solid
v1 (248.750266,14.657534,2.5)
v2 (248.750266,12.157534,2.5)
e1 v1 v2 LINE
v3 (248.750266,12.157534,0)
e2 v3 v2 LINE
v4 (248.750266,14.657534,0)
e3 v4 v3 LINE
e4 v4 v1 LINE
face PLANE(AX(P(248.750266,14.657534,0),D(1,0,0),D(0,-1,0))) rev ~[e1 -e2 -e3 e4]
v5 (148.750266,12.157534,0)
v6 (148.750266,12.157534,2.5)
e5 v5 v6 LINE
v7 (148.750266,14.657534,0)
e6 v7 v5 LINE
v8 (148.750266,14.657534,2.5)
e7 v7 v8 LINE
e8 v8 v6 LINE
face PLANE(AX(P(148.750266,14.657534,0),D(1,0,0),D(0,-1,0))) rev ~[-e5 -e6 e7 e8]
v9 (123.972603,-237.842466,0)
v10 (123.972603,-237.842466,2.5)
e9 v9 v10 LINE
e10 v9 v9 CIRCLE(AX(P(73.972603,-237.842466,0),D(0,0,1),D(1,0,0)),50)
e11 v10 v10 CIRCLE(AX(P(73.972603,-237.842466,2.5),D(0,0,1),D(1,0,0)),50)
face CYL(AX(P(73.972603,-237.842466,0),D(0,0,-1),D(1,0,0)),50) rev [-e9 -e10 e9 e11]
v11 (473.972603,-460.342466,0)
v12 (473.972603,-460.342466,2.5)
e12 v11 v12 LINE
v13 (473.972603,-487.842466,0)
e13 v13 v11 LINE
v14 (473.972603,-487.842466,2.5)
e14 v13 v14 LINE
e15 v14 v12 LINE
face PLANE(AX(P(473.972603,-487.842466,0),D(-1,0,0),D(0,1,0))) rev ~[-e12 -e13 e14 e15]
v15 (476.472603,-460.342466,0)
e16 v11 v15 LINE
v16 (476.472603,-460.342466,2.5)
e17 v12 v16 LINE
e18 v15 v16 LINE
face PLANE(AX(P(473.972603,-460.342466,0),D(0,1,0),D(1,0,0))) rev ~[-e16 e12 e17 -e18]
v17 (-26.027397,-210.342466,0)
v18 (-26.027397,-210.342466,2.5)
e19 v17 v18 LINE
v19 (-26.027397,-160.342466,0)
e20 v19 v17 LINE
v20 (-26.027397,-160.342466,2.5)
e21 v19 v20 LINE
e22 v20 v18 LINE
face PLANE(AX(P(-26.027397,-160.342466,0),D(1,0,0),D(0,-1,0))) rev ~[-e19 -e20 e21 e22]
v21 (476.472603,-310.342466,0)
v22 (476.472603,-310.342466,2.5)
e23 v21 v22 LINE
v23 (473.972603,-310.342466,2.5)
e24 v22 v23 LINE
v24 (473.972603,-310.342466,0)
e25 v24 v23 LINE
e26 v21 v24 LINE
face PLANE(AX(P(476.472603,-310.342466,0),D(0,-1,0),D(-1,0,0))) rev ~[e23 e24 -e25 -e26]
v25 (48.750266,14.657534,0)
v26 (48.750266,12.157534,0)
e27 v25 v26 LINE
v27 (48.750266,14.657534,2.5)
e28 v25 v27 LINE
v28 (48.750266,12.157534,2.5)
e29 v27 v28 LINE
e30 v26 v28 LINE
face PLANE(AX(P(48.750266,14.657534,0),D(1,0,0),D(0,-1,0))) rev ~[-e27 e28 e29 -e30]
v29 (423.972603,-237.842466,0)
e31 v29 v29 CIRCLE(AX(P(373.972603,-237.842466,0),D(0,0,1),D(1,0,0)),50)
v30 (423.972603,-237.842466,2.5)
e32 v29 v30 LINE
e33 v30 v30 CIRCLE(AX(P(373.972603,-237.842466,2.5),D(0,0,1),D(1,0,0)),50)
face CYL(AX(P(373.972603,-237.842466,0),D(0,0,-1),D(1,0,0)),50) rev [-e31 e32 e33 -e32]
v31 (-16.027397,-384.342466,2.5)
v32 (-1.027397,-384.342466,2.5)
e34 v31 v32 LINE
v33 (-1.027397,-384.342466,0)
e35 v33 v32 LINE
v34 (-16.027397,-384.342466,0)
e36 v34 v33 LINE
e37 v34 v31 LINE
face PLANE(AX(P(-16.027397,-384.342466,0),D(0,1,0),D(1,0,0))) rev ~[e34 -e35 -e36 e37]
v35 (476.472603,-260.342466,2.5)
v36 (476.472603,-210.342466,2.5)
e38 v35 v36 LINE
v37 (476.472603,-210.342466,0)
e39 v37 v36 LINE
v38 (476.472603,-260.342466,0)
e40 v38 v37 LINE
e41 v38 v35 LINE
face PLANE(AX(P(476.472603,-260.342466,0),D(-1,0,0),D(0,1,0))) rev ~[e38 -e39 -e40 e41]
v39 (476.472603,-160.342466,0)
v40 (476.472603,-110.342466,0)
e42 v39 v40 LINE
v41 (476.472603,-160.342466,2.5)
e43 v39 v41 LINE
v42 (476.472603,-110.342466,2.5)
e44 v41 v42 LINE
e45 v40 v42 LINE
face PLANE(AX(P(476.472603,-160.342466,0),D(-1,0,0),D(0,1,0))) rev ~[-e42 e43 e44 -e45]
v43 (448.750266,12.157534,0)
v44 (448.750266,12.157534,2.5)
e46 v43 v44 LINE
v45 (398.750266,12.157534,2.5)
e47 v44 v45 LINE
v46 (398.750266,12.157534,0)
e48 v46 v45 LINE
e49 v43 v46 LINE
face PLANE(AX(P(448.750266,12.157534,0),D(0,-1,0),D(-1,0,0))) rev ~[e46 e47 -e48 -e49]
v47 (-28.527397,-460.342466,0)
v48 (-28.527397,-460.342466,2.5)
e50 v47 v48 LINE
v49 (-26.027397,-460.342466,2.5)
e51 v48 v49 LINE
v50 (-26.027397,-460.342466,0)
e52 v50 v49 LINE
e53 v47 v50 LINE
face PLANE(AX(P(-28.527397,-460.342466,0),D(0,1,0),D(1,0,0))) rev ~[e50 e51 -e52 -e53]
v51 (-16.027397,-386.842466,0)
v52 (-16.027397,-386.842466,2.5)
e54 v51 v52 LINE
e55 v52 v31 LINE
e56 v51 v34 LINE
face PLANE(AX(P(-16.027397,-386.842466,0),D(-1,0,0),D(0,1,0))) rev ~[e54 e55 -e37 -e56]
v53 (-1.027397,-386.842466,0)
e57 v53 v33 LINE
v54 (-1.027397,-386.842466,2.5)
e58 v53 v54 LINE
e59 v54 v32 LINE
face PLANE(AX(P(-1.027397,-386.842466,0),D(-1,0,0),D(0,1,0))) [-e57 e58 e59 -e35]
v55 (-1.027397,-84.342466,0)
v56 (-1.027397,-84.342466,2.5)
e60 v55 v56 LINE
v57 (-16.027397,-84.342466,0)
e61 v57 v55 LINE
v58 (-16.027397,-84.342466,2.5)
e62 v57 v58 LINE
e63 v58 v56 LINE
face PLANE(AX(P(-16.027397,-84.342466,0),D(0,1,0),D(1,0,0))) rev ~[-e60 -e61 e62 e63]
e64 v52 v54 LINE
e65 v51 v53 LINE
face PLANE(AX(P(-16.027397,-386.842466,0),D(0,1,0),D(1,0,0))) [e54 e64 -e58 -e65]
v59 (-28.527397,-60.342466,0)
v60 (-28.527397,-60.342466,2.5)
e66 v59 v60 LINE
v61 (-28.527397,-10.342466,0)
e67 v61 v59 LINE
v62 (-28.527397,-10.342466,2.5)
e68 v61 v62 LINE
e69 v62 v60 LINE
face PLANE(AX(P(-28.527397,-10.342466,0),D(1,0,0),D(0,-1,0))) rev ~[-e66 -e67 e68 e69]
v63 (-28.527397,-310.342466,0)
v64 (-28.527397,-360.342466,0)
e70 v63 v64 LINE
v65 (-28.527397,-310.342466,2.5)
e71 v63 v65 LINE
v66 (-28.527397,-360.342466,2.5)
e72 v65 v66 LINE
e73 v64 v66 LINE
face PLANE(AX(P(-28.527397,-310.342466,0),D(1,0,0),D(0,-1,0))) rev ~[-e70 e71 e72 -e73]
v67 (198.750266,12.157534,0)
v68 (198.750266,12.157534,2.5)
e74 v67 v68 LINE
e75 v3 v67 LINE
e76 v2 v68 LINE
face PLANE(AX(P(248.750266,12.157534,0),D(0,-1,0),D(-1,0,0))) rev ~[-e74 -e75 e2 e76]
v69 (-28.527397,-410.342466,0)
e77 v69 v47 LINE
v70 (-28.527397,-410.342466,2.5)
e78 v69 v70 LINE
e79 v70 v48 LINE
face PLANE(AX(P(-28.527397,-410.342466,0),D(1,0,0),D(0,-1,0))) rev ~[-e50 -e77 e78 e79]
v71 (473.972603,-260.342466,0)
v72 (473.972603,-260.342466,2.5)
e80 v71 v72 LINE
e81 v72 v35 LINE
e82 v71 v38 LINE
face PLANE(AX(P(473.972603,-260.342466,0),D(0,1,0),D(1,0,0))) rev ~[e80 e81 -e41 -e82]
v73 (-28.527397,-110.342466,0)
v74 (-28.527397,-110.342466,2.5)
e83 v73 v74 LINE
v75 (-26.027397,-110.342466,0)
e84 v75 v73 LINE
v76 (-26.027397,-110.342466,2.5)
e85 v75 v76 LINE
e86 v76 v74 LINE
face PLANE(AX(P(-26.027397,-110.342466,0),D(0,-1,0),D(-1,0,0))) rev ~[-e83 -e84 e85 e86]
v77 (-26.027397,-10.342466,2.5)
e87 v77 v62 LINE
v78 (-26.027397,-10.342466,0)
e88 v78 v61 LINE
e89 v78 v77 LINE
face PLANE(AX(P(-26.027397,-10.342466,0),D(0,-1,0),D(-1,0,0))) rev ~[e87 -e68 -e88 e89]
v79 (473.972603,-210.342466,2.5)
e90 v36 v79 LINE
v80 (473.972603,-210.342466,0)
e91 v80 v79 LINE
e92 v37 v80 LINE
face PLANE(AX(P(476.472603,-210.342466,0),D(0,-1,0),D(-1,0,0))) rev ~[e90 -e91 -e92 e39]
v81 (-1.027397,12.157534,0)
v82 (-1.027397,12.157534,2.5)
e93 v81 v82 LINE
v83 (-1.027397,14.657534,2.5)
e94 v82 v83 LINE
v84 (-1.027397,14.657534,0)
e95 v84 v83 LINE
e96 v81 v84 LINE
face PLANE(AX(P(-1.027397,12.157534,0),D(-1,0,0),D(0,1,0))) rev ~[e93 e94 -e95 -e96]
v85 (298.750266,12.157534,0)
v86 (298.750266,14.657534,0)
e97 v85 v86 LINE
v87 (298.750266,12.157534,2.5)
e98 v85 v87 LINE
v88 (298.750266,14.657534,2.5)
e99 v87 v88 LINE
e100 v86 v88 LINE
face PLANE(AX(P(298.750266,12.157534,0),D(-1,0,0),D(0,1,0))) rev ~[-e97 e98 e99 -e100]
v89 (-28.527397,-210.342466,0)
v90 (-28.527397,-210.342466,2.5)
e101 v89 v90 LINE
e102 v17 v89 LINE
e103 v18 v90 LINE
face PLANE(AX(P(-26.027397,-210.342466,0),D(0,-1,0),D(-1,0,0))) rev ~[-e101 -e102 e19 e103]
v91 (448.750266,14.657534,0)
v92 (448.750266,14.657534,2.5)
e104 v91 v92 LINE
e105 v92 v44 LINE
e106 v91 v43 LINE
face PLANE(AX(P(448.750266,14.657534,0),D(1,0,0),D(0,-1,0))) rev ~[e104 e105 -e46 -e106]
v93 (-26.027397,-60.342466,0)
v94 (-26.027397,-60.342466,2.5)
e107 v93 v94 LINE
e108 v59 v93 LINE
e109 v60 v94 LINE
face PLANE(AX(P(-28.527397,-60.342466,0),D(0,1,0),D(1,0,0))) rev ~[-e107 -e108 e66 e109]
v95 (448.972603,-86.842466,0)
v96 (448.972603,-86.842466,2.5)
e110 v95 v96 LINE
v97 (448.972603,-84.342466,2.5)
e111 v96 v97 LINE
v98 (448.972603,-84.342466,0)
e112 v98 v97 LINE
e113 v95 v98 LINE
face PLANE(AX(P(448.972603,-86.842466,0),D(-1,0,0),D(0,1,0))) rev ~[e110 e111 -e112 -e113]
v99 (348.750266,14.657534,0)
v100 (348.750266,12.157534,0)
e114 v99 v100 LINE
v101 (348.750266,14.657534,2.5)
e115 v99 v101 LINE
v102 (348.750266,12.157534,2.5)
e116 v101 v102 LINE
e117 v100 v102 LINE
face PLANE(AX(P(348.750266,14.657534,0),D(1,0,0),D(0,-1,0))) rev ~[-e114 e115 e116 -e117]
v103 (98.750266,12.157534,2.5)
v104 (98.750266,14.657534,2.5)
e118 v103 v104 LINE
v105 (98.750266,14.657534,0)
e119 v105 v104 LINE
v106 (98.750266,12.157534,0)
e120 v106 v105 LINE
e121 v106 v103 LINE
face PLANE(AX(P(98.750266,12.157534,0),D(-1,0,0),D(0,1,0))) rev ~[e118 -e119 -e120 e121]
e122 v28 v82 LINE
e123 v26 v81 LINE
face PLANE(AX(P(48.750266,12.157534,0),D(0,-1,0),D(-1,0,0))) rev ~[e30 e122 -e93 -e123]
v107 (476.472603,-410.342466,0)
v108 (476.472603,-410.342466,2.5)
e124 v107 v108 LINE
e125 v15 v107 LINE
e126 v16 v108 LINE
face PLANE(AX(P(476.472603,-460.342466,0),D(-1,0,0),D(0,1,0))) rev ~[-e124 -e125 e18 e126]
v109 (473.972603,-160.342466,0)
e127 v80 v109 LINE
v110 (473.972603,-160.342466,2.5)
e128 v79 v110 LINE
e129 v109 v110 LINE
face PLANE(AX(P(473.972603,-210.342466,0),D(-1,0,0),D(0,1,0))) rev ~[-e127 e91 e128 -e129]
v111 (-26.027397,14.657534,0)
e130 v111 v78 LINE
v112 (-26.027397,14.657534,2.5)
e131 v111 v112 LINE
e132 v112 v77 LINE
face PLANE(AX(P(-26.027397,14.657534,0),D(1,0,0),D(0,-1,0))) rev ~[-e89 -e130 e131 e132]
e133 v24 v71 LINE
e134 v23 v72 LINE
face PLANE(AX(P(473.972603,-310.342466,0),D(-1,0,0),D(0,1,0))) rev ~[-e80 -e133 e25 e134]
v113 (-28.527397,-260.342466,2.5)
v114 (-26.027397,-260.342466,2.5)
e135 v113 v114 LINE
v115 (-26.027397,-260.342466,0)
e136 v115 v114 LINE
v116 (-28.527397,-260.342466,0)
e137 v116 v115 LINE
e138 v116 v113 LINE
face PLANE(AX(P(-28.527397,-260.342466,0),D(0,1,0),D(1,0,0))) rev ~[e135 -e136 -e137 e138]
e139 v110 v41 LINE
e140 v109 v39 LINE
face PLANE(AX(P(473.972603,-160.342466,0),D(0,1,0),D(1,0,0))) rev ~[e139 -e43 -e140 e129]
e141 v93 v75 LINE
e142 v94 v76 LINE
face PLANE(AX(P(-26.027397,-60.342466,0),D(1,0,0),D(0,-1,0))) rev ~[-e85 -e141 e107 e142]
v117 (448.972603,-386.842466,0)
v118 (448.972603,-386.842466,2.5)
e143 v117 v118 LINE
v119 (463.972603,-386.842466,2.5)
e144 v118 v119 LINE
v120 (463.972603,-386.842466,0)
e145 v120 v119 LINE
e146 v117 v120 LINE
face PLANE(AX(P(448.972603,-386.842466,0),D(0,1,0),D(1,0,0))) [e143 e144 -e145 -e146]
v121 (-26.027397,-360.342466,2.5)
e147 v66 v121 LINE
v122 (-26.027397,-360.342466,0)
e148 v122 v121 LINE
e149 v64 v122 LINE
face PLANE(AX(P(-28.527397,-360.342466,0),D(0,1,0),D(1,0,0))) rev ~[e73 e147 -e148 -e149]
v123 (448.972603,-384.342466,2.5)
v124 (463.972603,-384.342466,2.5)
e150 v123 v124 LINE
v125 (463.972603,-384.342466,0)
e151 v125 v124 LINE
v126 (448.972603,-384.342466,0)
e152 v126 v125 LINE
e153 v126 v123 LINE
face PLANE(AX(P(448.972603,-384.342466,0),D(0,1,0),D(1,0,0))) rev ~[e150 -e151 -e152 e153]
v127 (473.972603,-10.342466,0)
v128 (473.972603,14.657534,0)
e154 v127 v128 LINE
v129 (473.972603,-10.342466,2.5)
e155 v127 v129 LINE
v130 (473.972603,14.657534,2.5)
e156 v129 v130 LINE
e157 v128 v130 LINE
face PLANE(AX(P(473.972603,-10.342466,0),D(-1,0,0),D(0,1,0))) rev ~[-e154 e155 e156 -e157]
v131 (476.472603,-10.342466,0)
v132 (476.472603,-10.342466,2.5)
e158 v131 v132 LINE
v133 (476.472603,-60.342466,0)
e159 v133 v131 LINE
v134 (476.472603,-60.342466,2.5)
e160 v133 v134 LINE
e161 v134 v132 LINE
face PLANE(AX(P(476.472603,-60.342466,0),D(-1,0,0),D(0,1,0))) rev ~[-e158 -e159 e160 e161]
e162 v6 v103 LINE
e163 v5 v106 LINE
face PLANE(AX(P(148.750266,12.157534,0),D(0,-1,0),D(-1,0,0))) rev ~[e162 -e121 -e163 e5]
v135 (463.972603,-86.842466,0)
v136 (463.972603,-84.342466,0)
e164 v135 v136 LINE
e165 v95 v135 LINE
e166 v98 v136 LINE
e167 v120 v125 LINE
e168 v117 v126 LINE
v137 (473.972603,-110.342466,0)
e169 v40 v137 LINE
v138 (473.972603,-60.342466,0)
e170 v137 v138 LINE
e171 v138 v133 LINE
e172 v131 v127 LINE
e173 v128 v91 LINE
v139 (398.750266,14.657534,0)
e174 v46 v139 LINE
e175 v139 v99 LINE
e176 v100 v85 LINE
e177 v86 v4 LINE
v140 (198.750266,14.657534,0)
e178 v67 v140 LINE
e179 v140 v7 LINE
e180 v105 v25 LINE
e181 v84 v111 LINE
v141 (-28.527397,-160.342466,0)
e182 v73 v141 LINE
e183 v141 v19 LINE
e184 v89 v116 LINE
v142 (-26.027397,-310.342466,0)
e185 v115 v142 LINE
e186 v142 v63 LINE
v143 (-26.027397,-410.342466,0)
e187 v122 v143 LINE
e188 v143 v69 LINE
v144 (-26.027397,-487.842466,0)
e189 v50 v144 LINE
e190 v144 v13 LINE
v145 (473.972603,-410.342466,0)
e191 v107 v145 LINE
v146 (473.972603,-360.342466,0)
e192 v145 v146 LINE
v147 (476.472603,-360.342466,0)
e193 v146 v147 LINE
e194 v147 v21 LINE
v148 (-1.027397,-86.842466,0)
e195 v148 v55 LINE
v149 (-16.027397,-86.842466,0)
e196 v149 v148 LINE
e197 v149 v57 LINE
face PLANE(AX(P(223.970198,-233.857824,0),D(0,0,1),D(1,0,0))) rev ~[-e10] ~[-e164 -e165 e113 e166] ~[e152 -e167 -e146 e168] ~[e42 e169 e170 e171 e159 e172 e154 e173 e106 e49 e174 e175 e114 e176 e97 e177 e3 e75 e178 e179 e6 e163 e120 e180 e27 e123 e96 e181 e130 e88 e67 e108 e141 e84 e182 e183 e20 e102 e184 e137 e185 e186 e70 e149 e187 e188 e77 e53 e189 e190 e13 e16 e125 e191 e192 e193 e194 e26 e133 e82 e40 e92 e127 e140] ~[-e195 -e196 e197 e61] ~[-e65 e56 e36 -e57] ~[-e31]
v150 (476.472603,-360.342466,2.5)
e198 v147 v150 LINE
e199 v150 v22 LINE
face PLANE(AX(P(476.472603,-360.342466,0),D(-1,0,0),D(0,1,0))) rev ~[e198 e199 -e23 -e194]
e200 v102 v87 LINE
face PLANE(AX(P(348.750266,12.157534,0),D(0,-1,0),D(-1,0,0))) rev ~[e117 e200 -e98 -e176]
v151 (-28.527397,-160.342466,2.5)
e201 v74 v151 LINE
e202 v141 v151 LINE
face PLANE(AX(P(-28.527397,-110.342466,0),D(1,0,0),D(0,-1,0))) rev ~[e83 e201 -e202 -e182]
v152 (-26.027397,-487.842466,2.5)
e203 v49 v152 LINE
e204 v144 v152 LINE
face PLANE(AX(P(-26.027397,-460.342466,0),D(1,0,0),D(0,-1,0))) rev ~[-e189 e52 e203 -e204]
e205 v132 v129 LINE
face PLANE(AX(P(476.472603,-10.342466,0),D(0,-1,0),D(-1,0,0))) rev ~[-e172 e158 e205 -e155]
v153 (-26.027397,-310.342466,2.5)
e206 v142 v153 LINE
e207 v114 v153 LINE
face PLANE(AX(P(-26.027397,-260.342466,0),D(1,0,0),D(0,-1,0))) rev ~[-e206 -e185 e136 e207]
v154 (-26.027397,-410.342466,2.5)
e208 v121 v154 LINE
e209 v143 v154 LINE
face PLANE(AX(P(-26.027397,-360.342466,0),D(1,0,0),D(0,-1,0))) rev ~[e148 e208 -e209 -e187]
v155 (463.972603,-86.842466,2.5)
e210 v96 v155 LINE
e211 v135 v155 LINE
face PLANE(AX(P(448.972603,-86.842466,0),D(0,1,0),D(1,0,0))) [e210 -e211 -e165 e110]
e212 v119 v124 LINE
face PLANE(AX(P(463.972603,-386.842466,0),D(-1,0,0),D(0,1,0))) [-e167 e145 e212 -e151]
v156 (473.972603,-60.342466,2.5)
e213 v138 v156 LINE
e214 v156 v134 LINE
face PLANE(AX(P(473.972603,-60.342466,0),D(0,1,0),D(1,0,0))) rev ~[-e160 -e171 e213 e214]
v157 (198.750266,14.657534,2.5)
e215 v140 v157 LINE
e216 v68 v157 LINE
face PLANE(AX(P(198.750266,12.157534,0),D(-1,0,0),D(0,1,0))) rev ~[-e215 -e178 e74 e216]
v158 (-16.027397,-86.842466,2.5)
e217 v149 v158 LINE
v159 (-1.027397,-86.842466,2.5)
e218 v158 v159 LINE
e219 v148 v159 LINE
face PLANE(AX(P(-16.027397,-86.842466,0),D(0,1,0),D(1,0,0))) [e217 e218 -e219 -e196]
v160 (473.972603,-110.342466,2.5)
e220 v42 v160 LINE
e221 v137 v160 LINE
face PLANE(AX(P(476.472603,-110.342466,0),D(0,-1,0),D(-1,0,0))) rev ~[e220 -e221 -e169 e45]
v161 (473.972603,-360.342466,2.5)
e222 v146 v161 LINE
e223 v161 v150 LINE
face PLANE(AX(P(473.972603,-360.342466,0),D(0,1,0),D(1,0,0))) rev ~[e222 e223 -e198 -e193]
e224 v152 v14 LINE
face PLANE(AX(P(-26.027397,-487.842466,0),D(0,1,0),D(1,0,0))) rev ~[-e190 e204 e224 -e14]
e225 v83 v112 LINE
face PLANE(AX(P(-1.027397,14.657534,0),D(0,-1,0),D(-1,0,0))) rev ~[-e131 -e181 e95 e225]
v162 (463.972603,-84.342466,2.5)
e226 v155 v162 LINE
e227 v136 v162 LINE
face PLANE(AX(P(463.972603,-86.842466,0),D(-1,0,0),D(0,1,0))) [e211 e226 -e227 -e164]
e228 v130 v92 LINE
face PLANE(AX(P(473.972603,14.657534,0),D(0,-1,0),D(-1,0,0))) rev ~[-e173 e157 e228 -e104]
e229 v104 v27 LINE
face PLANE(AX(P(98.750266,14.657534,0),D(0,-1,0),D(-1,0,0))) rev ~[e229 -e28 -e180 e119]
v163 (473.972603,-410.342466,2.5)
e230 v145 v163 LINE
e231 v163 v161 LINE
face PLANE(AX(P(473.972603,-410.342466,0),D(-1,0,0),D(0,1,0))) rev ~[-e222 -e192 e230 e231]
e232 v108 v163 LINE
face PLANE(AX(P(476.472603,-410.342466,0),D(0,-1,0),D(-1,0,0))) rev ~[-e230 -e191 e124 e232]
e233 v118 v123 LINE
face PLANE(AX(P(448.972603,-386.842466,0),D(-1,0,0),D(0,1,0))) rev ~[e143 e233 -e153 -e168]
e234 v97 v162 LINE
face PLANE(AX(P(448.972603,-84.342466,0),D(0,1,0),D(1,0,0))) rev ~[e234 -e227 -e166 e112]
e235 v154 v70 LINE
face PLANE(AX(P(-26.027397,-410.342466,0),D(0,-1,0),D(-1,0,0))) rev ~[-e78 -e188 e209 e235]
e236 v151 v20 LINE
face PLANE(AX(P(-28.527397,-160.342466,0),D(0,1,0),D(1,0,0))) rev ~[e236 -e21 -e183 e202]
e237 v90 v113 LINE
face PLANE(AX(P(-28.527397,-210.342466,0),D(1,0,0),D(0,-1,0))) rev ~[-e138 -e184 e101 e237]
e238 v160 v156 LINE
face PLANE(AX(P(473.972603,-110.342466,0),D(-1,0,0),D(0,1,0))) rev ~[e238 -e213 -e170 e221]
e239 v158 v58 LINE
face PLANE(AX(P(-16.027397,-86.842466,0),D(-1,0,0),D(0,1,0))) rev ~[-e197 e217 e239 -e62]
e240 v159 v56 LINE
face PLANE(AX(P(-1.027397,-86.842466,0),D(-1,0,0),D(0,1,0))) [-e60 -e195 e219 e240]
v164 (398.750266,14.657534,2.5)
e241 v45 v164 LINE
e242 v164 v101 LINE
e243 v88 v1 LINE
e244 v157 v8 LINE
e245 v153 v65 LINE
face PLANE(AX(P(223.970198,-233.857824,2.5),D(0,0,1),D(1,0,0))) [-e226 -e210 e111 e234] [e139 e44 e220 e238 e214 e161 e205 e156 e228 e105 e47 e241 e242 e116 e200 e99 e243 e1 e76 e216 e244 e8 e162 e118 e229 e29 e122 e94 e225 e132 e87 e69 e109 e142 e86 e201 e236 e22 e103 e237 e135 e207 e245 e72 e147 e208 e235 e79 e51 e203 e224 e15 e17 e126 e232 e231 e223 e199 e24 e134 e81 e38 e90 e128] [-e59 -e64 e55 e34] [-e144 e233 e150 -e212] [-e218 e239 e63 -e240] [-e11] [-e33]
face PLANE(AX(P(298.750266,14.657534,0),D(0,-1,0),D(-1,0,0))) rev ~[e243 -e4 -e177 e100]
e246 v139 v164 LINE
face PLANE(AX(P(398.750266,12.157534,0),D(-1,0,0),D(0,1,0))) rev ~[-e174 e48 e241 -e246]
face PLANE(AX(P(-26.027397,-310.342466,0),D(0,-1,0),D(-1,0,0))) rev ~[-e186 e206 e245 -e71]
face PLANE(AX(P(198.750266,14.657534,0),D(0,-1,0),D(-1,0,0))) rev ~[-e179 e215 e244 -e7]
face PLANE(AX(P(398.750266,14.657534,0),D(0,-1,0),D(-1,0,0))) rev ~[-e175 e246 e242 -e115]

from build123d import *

# Parameters (mm, degrees)
SKETCH1_W           = 15
SKETCH1_H           = 2.5
SKETCH1_R           = 50
BOSS_EXTRUDE1_DEPTH = 2.5


with BuildPart() as part:
    # Sketch1 → Boss-Extrude1 (new body)
    with BuildSketch(Plane.XY):
        Polygon((473.97260274, -110.342465753), (473.97260274, -60.342465753), (476.47260274, -60.342465753), (476.47260274, -10.342465753), (473.97260274, -10.342465753), (473.97260274, 14.657534247), (448.750266435, 14.657534247), (448.750266435, 12.157534247), (398.750266435, 12.157534247), (398.750266435, 14.657534247), (348.750266435, 14.657534247), (348.750266435, 12.157534247), (298.750266435, 12.157534247), (298.750266435, 14.657534247), (248.750266435, 14.657534247), (248.750266435, 12.157534247), (198.750266435, 12.157534247), (198.750266435, 14.657534247), (148.750266435, 14.657534247), (148.750266435, 12.157534247), (98.750266435, 12.157534247), (98.750266435, 14.657534247), (48.750266435, 14.657534247), (48.750266435, 12.157534247), (-1.02739726, 12.157534247), (-1.02739726, 14.657534247), (-26.02739726, 14.657534247), (-26.02739726, -10.342465753), (-28.52739726, -10.342465753), (-28.52739726, -60.342465753), (-26.02739726, -60.342465753), (-26.02739726, -110.342465753), (-28.52739726, -110.342465753), (-28.52739726, -160.342465753), (-26.02739726, -160.342465753), (-26.02739726, -210.342465753), (-28.52739726, -210.342465753), (-28.52739726, -260.342465753), (-26.02739726, -260.342465753), (-26.02739726, -310.342465753), (-28.52739726, -310.342465753), (-28.52739726, -360.342465753), (-26.02739726, -360.342465753), (-26.02739726, -410.342465753), (-28.52739726, -410.342465753), (-28.52739726, -460.342465753), (-26.02739726, -460.342465753), (-26.02739726, -487.842465753), (473.97260274, -487.842465753), (473.97260274, -460.342465753), (476.47260274, -460.342465753), (476.47260274, -410.342465753), (473.97260274, -410.342465753), (473.97260274, -360.342465753), (476.47260274, -360.342465753), (476.47260274, -310.342465753), (473.97260274, -310.342465753), (473.97260274, -260.342465753), (476.47260274, -260.342465753), (476.47260274, -210.342465753), (473.97260274, -210.342465753), (473.97260274, -160.342465753), (476.47260274, -160.342465753), (476.47260274, -110.342465753), align=None)
        with Locations((-8.52739726, -385.592465753)):
            Rectangle(SKETCH1_W, SKETCH1_H, mode=Mode.SUBTRACT)
        with Locations((73.97260274, -237.842465753)):
            Circle(SKETCH1_R, mode=Mode.SUBTRACT)
        with Locations((456.47260274, -385.592465753)):
            Rectangle(SKETCH1_W, SKETCH1_H, mode=Mode.SUBTRACT)
        with Locations((373.97260274, -237.842465753)):
            Circle(SKETCH1_R, mode=Mode.SUBTRACT)
        with Locations((-8.52739726, -85.592465753)):
            Rectangle(SKETCH1_W, SKETCH1_H, mode=Mode.SUBTRACT)
        with Locations((456.47260274, -85.592465753)):
            Rectangle(SKETCH1_W, SKETCH1_H, mode=Mode.SUBTRACT)
    extrude(amount=BOSS_EXTRUDE1_DEPTH)


solid = part.part
